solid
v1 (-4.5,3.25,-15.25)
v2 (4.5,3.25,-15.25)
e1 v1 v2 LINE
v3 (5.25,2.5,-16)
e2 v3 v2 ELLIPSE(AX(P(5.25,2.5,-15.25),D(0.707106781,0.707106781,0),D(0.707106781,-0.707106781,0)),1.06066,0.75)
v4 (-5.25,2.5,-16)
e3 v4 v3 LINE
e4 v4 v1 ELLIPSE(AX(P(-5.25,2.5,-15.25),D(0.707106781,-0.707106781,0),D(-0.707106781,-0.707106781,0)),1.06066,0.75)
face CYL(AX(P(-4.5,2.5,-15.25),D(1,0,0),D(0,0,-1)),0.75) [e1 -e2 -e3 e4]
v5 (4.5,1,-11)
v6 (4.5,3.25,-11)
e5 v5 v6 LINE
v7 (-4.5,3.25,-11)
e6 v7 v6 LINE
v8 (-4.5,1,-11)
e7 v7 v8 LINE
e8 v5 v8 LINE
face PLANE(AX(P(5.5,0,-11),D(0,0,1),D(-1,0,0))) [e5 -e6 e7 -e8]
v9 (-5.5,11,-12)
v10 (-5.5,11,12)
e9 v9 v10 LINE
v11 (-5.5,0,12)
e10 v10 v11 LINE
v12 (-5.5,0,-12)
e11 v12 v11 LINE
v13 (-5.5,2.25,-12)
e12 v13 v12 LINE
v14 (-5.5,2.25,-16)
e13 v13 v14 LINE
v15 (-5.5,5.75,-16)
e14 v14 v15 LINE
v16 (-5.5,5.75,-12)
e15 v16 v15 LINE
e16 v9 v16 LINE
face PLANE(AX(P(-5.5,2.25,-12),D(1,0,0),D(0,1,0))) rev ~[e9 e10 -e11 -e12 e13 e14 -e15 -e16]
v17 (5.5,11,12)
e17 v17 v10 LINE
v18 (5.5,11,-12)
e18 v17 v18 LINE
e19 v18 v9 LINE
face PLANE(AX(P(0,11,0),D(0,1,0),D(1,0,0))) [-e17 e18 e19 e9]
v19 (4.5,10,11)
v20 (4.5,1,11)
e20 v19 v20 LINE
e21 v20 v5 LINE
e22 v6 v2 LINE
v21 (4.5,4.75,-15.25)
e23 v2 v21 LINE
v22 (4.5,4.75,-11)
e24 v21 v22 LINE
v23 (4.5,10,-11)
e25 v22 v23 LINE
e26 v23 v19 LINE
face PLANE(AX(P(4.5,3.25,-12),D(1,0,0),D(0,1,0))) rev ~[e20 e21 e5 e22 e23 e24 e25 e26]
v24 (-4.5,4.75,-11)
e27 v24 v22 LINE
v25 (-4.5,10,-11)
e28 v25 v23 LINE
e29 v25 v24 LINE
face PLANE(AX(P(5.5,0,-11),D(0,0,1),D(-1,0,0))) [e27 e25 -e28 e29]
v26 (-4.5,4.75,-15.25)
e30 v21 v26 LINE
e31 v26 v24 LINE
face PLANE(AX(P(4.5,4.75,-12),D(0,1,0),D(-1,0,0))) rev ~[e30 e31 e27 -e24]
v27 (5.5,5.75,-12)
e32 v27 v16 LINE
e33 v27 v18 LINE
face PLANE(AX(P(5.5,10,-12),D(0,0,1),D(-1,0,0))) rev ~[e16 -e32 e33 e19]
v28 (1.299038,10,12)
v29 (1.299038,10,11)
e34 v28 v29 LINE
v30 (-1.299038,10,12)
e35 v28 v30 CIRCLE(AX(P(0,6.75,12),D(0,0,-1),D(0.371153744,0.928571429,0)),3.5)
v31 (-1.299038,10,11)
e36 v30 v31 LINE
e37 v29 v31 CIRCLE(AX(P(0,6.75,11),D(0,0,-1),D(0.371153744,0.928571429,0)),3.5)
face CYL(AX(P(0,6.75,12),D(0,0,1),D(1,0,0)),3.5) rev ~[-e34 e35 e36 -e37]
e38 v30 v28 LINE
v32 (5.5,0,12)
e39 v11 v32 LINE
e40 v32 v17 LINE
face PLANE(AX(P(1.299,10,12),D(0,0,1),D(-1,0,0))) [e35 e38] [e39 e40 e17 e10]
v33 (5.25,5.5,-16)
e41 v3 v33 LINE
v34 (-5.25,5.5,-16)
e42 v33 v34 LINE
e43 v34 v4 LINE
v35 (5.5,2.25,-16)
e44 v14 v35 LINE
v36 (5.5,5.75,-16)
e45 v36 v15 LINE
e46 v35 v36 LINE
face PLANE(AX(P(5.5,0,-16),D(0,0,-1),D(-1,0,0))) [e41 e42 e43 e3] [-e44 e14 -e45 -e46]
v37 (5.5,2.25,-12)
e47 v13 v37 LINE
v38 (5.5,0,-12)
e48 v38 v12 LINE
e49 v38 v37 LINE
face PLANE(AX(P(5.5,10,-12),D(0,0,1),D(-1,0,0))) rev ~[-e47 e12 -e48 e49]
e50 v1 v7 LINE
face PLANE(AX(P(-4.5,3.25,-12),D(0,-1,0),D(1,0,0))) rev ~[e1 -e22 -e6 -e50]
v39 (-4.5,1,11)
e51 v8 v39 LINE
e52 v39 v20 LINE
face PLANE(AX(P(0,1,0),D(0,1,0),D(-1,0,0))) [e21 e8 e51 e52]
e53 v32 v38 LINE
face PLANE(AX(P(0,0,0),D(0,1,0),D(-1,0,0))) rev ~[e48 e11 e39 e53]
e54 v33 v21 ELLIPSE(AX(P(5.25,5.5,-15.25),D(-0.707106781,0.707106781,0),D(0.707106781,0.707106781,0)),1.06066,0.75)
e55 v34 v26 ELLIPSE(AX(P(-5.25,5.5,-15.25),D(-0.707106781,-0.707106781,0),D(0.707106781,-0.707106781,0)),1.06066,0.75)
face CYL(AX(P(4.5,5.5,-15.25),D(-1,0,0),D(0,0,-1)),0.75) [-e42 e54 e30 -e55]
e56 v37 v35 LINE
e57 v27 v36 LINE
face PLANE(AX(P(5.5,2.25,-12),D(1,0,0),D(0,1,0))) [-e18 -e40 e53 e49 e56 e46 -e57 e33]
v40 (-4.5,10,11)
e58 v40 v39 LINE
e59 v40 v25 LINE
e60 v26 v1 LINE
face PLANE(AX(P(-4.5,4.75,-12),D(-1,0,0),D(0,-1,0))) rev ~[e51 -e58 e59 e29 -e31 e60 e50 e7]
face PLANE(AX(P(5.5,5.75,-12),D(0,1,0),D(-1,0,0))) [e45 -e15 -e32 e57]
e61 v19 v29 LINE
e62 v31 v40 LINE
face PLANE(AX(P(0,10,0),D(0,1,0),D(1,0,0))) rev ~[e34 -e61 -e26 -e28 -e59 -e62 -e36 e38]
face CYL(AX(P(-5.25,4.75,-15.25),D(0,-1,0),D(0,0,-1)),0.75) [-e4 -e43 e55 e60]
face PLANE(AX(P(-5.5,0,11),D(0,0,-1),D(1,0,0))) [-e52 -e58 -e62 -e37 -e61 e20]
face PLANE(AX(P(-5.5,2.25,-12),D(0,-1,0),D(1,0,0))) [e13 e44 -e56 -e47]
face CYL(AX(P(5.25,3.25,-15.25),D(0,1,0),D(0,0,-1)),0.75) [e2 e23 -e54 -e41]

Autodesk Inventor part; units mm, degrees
ref_plane "YZ Plane" through (0, 0, 0) normal (1, 0, 0) x (0, 1, 0)
ref_plane "XZ Plane" through (0, 0, 0) normal (0, 1, 0) x (-1, 0, 0)
ref_plane "XY Plane" through (0, 0, 0) normal (0, 0, 1) x (1, 0, 0)
sketch "Sketch1" plane through (0, 0, 0) normal (0, 1, 0) x (-1, 0, 0)
  line L0 (-5.5, -12) -> (5.5, -12)
  line L1 (5.5, -12) -> (5.5, 12)
  line L2 (5.5, 12) -> (-5.5, 12)
  line L3 (-5.5, 12) -> (-5.5, -12)
  line L4 (-5.5, -12) -> (5.5, 12) construction
  line L5 (5.5, -12) -> (-5.5, 12) construction
  point P0 (0, 0)
  dimension "d0" = 11
  dimension "d1" = 24
extrude "Extrusion1" add sketch "Sketch1" along normal blind 10
shell "Shell1" thickness 1 removed faces 1 at (1.8333, 10, 4)
sketch "Sketch2" plane through (-5.5, 0, 12) normal (0, 0, 1) x (1, 0, 0)
  line L0 (0, 10) -> (11, 10) projected
  circle A0 centre (5.5, 6.75) radius 3.5
  point P0 (5.5, 0)
  point P1 (4.201, 10)
  point P2 (6.799, 10)
  dimension "d5" = 7
  dimension "d6" = 0.25
extrude "Extrusion2" cut sketch "Sketch2" against normal blind 9 contours L0 A0 picked at (4.7002, 5.9949)
sketch "Sketch3" plane through (0, 10, 0) normal (0, 1, 0) x (1, 0, 0)
  line L0 (1.299, -12) -> (5.5, -12) projected
  line L1 (5.5, -12) -> (5.5, 12) projected
  line L2 (5.5, 12) -> (-5.5, 12) projected
  line L3 (-5.5, 12) -> (-5.5, -12) projected
  line L4 (-5.5, -12) -> (-1.299, -12) projected
  line L5 (-5.5, 12) -> (5.5, 12)
  line L6 (5.5, 12) -> (5.5, -12)
  line L7 (5.5, -12) -> (-5.5, -12)
  line L8 (-5.5, -12) -> (-5.5, 12)
  point P0 (0, 0)
  point P1 (-1.299, -12)
extrude "Extrusion3" add sketch "Sketch3" along normal blind 1
sketch "Sketch4" plane through (5.5, 0, -12) normal (0, 0, -1) x (-1, 0, 0)
  line L0 (10, 1) -> (10, 10) projected
  line L1 (1, 1) -> (1, 10) projected
  line L2 (1, 3.25) -> (10, 3.25)
  line L3 (1, 1) -> (10, 1) projected
  line L4 (1, 4.75) -> (10, 4.75)
  line L5 (1.5, 4.75) -> (1.5, 3.25)
  line L6 (9.5, 4.75) -> (9.5, 3.25)
  point P0 (5.5, 0)
  point P1 (10, 3.25)
  dimension "d11" = 2.25
  dimension "d14" = 1.5
  dimension "d15" = 0.5
  dimension "d16" = 0.5
extrude "Extrusion4" cut sketch "Sketch4" against normal blind 10 contours L2 L6 L4 L0 | L2 L5 L4 L6 | L1 L4 L5 L2
sketch "Sketch5" plane through (5.5, 0, -12) normal (0, 0, -1) x (-1, 0, 0)
  line L0 (1, 3.25) -> (1, 4.75) projected
  line L1 (1, 4.75) -> (10, 4.75) projected
  line L2 (10, 4.75) -> (10, 3.25) projected
  line L3 (10, 3.25) -> (1, 3.25) projected
  line L4 (11, 0) -> (11, 11) projected
  line L5 (0, 0) -> (0, 11) projected
  line L6 (0, 0) -> (0, 11) projected
  line L7 (0, 5.75) -> (11, 5.75)
  line L8 (11, 5.75) -> (11, 2.25)
  line L9 (11, 2.25) -> (0, 2.25)
  line L10 (0, 2.25) -> (0, 5.75)
  point P0 (5.5, 0)
  point P1 (0, 2.25)
  dimension "d19" = 1
  dimension "d20" = 1
extrude "Extrusion5" add sketch "Sketch5" along normal blind 4
fillet "Fillet1" radius 0.75 4 edges at (-4.5, 4, -16) (0, 3.25, -16) (4.5, 4, -16) (0, 4.75, -16)
properties part number "carcasaXeotype_FLEX-SENSOR"
